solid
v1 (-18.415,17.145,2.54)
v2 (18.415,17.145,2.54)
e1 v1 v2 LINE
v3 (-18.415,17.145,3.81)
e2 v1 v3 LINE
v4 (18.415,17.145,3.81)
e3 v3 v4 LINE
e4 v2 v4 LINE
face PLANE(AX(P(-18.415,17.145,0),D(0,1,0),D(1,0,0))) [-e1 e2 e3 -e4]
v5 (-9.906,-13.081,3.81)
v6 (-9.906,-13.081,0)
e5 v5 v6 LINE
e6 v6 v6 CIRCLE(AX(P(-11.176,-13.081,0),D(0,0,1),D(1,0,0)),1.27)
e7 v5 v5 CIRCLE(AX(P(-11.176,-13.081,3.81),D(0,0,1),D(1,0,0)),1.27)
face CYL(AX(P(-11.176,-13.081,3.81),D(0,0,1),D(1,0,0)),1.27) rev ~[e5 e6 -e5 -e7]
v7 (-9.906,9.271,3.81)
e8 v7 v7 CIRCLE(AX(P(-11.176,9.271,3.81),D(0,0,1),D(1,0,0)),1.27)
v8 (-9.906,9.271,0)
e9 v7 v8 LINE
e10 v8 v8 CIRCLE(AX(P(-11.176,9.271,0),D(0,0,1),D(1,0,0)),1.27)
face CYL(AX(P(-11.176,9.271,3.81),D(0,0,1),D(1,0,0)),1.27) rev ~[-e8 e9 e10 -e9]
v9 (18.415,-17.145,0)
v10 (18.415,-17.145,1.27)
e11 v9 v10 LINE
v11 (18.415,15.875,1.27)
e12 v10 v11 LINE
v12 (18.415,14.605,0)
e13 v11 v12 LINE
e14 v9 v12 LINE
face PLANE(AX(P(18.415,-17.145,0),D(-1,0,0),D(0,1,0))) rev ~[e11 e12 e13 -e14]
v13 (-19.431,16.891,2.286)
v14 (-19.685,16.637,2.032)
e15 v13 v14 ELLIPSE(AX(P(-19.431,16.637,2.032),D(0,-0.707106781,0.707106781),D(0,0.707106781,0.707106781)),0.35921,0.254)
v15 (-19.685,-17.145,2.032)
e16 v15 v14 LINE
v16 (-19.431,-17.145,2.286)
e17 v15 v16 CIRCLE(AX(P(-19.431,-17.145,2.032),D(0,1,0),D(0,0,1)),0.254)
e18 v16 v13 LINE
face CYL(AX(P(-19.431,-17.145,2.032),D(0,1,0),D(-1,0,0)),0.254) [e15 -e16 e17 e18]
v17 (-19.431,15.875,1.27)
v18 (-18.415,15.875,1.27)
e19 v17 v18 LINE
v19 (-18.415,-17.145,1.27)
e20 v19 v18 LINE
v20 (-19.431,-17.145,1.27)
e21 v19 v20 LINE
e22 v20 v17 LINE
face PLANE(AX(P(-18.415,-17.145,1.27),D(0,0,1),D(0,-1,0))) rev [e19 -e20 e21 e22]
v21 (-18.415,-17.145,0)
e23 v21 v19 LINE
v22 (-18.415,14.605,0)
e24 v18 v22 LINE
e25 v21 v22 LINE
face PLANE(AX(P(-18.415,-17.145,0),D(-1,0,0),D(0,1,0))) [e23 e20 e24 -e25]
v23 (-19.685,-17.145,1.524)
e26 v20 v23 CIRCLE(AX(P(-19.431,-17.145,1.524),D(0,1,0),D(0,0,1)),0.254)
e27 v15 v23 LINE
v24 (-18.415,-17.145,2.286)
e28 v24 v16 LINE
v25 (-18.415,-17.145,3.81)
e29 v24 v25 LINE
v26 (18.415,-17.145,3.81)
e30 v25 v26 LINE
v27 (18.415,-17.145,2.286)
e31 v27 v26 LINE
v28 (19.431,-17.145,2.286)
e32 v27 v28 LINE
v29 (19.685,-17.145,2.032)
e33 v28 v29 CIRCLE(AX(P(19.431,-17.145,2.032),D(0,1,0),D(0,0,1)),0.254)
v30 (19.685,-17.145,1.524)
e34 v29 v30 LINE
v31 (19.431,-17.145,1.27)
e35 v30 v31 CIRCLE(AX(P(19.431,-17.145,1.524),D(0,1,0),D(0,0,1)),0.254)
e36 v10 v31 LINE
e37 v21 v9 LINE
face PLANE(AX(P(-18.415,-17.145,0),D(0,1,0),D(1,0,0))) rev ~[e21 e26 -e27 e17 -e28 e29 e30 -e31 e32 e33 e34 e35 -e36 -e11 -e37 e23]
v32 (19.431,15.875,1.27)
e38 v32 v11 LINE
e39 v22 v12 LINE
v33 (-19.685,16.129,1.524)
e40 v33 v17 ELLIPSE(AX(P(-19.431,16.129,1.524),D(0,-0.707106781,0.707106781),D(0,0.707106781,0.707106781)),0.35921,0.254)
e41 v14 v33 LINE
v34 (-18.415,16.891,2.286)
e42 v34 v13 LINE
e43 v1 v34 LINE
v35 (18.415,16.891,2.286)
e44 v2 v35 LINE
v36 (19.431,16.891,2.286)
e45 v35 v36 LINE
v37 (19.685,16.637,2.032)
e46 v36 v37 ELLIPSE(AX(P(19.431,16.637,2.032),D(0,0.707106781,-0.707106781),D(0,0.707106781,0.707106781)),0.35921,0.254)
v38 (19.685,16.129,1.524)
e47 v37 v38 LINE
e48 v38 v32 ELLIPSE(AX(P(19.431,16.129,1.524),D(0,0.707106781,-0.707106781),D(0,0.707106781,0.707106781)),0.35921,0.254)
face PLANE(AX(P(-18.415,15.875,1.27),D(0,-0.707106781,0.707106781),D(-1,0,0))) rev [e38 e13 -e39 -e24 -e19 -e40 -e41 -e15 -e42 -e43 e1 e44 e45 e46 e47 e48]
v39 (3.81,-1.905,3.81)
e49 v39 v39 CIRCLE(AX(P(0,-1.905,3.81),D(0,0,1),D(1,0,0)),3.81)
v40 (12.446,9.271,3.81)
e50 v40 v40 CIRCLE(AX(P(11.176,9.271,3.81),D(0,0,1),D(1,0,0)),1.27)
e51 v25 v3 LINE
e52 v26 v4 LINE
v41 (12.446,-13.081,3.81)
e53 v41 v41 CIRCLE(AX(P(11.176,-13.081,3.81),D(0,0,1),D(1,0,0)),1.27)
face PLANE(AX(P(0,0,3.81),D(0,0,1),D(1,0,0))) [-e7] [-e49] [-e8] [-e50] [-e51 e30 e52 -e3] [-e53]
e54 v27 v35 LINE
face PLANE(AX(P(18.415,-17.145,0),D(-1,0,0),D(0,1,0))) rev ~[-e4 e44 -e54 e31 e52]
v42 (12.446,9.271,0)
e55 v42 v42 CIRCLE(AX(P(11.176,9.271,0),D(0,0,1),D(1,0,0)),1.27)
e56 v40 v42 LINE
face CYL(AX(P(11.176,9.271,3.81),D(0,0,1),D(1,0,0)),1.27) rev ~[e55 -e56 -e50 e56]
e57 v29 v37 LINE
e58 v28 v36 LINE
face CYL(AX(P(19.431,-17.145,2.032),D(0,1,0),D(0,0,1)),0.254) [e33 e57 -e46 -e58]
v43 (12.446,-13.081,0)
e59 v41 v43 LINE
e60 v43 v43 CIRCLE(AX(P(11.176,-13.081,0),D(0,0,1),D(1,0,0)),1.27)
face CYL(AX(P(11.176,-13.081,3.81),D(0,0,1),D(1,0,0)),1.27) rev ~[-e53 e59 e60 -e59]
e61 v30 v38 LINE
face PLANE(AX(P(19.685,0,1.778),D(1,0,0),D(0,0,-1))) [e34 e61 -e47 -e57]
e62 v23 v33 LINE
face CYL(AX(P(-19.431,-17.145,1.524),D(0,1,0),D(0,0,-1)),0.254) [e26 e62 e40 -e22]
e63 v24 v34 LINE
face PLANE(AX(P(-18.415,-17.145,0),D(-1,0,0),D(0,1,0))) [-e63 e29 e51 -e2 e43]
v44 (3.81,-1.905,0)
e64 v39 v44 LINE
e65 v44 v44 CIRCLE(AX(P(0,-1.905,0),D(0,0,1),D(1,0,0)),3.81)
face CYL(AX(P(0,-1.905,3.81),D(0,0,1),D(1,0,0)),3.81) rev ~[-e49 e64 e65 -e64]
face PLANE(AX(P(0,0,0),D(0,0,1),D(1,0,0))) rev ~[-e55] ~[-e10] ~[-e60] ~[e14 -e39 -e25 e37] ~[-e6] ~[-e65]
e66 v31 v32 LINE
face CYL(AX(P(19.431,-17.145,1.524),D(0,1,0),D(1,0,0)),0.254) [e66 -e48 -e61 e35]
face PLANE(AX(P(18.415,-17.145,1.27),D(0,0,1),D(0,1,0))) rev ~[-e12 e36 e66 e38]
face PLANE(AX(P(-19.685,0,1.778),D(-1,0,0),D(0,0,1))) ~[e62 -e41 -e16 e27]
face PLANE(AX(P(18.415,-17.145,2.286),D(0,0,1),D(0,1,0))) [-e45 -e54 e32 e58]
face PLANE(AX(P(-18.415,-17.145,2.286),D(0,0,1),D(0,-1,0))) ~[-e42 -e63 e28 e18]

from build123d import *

# Parameters (mm, degrees)
SKETCH1_W           = 36.83
SKETCH1_H           = 34.29
BOSS_EXTRUDE1_DEPTH = 3.81
SKETCH2_W           = 1.016
SKETCH2_H           = 34.29
BOSS_EXTRUDE2_DEPTH = 1.27
FILLET1_R           = 0.254
SKETCH3_R           = 3.81
SKETCH3_R_2         = 1.27
CUT_EXTRUDE1_DEPTH  = 3.81
CHAMFER1_SIZE       = 2.54


with BuildPart() as part:
    # Sketch1 → Boss-Extrude1 (new body)
    with BuildSketch(Plane.XY):
        Rectangle(SKETCH1_W, SKETCH1_H)
    extrude(amount=BOSS_EXTRUDE1_DEPTH)

    # Sketch2 → Boss-Extrude2 (add)
    with BuildSketch(Plane(origin=(18.415, 0, 0), x_dir=(0, 0, -1), z_dir=(1, 0, 0))):
        with Locations((-1.778, 0)):
            Rectangle(SKETCH2_W, SKETCH2_H)
    boss_extrude2 = extrude(amount=BOSS_EXTRUDE2_DEPTH)

    # Mirror1: Boss-Extrude2 across plane
    add(boss_extrude2.mirror(Plane(origin=(0, 0, 0), x_dir=(0, 0, 1), z_dir=(1, 0, 0))))

    # Fillet1
    fillet1_edges = [part.edges().sort_by_distance(p)[0] for p in [
        (19.685, 0, 2.286),
        (19.685, 0, 1.27),
        (-19.685, 0, 2.286),
        (-19.685, 0, 1.27),
    ]]
    fillet(fillet1_edges, radius=FILLET1_R)

    # Sketch3 → Cut-Extrude1 (cut)
    with BuildSketch(Plane.XY.offset(3.81)):
        with Locations((0, -1.905)):
            Circle(SKETCH3_R)
        with Locations((-11.176, 9.271)):
            Circle(SKETCH3_R_2)
        with Locations((11.176, 9.271)):
            Circle(SKETCH3_R_2)
        with Locations((11.176, -13.081)):
            Circle(SKETCH3_R_2)
        with Locations((-11.176, -13.081)):
            Circle(SKETCH3_R_2)
    extrude(amount=-CUT_EXTRUDE1_DEPTH, mode=Mode.SUBTRACT)

    # Chamfer1
    chamfer1_edges = [part.edges().sort_by_distance(p)[0] for p in [
        (0, 17.145, 0),
    ]]
    chamfer(chamfer1_edges, length=CHAMFER1_SIZE)


solid = part.part
